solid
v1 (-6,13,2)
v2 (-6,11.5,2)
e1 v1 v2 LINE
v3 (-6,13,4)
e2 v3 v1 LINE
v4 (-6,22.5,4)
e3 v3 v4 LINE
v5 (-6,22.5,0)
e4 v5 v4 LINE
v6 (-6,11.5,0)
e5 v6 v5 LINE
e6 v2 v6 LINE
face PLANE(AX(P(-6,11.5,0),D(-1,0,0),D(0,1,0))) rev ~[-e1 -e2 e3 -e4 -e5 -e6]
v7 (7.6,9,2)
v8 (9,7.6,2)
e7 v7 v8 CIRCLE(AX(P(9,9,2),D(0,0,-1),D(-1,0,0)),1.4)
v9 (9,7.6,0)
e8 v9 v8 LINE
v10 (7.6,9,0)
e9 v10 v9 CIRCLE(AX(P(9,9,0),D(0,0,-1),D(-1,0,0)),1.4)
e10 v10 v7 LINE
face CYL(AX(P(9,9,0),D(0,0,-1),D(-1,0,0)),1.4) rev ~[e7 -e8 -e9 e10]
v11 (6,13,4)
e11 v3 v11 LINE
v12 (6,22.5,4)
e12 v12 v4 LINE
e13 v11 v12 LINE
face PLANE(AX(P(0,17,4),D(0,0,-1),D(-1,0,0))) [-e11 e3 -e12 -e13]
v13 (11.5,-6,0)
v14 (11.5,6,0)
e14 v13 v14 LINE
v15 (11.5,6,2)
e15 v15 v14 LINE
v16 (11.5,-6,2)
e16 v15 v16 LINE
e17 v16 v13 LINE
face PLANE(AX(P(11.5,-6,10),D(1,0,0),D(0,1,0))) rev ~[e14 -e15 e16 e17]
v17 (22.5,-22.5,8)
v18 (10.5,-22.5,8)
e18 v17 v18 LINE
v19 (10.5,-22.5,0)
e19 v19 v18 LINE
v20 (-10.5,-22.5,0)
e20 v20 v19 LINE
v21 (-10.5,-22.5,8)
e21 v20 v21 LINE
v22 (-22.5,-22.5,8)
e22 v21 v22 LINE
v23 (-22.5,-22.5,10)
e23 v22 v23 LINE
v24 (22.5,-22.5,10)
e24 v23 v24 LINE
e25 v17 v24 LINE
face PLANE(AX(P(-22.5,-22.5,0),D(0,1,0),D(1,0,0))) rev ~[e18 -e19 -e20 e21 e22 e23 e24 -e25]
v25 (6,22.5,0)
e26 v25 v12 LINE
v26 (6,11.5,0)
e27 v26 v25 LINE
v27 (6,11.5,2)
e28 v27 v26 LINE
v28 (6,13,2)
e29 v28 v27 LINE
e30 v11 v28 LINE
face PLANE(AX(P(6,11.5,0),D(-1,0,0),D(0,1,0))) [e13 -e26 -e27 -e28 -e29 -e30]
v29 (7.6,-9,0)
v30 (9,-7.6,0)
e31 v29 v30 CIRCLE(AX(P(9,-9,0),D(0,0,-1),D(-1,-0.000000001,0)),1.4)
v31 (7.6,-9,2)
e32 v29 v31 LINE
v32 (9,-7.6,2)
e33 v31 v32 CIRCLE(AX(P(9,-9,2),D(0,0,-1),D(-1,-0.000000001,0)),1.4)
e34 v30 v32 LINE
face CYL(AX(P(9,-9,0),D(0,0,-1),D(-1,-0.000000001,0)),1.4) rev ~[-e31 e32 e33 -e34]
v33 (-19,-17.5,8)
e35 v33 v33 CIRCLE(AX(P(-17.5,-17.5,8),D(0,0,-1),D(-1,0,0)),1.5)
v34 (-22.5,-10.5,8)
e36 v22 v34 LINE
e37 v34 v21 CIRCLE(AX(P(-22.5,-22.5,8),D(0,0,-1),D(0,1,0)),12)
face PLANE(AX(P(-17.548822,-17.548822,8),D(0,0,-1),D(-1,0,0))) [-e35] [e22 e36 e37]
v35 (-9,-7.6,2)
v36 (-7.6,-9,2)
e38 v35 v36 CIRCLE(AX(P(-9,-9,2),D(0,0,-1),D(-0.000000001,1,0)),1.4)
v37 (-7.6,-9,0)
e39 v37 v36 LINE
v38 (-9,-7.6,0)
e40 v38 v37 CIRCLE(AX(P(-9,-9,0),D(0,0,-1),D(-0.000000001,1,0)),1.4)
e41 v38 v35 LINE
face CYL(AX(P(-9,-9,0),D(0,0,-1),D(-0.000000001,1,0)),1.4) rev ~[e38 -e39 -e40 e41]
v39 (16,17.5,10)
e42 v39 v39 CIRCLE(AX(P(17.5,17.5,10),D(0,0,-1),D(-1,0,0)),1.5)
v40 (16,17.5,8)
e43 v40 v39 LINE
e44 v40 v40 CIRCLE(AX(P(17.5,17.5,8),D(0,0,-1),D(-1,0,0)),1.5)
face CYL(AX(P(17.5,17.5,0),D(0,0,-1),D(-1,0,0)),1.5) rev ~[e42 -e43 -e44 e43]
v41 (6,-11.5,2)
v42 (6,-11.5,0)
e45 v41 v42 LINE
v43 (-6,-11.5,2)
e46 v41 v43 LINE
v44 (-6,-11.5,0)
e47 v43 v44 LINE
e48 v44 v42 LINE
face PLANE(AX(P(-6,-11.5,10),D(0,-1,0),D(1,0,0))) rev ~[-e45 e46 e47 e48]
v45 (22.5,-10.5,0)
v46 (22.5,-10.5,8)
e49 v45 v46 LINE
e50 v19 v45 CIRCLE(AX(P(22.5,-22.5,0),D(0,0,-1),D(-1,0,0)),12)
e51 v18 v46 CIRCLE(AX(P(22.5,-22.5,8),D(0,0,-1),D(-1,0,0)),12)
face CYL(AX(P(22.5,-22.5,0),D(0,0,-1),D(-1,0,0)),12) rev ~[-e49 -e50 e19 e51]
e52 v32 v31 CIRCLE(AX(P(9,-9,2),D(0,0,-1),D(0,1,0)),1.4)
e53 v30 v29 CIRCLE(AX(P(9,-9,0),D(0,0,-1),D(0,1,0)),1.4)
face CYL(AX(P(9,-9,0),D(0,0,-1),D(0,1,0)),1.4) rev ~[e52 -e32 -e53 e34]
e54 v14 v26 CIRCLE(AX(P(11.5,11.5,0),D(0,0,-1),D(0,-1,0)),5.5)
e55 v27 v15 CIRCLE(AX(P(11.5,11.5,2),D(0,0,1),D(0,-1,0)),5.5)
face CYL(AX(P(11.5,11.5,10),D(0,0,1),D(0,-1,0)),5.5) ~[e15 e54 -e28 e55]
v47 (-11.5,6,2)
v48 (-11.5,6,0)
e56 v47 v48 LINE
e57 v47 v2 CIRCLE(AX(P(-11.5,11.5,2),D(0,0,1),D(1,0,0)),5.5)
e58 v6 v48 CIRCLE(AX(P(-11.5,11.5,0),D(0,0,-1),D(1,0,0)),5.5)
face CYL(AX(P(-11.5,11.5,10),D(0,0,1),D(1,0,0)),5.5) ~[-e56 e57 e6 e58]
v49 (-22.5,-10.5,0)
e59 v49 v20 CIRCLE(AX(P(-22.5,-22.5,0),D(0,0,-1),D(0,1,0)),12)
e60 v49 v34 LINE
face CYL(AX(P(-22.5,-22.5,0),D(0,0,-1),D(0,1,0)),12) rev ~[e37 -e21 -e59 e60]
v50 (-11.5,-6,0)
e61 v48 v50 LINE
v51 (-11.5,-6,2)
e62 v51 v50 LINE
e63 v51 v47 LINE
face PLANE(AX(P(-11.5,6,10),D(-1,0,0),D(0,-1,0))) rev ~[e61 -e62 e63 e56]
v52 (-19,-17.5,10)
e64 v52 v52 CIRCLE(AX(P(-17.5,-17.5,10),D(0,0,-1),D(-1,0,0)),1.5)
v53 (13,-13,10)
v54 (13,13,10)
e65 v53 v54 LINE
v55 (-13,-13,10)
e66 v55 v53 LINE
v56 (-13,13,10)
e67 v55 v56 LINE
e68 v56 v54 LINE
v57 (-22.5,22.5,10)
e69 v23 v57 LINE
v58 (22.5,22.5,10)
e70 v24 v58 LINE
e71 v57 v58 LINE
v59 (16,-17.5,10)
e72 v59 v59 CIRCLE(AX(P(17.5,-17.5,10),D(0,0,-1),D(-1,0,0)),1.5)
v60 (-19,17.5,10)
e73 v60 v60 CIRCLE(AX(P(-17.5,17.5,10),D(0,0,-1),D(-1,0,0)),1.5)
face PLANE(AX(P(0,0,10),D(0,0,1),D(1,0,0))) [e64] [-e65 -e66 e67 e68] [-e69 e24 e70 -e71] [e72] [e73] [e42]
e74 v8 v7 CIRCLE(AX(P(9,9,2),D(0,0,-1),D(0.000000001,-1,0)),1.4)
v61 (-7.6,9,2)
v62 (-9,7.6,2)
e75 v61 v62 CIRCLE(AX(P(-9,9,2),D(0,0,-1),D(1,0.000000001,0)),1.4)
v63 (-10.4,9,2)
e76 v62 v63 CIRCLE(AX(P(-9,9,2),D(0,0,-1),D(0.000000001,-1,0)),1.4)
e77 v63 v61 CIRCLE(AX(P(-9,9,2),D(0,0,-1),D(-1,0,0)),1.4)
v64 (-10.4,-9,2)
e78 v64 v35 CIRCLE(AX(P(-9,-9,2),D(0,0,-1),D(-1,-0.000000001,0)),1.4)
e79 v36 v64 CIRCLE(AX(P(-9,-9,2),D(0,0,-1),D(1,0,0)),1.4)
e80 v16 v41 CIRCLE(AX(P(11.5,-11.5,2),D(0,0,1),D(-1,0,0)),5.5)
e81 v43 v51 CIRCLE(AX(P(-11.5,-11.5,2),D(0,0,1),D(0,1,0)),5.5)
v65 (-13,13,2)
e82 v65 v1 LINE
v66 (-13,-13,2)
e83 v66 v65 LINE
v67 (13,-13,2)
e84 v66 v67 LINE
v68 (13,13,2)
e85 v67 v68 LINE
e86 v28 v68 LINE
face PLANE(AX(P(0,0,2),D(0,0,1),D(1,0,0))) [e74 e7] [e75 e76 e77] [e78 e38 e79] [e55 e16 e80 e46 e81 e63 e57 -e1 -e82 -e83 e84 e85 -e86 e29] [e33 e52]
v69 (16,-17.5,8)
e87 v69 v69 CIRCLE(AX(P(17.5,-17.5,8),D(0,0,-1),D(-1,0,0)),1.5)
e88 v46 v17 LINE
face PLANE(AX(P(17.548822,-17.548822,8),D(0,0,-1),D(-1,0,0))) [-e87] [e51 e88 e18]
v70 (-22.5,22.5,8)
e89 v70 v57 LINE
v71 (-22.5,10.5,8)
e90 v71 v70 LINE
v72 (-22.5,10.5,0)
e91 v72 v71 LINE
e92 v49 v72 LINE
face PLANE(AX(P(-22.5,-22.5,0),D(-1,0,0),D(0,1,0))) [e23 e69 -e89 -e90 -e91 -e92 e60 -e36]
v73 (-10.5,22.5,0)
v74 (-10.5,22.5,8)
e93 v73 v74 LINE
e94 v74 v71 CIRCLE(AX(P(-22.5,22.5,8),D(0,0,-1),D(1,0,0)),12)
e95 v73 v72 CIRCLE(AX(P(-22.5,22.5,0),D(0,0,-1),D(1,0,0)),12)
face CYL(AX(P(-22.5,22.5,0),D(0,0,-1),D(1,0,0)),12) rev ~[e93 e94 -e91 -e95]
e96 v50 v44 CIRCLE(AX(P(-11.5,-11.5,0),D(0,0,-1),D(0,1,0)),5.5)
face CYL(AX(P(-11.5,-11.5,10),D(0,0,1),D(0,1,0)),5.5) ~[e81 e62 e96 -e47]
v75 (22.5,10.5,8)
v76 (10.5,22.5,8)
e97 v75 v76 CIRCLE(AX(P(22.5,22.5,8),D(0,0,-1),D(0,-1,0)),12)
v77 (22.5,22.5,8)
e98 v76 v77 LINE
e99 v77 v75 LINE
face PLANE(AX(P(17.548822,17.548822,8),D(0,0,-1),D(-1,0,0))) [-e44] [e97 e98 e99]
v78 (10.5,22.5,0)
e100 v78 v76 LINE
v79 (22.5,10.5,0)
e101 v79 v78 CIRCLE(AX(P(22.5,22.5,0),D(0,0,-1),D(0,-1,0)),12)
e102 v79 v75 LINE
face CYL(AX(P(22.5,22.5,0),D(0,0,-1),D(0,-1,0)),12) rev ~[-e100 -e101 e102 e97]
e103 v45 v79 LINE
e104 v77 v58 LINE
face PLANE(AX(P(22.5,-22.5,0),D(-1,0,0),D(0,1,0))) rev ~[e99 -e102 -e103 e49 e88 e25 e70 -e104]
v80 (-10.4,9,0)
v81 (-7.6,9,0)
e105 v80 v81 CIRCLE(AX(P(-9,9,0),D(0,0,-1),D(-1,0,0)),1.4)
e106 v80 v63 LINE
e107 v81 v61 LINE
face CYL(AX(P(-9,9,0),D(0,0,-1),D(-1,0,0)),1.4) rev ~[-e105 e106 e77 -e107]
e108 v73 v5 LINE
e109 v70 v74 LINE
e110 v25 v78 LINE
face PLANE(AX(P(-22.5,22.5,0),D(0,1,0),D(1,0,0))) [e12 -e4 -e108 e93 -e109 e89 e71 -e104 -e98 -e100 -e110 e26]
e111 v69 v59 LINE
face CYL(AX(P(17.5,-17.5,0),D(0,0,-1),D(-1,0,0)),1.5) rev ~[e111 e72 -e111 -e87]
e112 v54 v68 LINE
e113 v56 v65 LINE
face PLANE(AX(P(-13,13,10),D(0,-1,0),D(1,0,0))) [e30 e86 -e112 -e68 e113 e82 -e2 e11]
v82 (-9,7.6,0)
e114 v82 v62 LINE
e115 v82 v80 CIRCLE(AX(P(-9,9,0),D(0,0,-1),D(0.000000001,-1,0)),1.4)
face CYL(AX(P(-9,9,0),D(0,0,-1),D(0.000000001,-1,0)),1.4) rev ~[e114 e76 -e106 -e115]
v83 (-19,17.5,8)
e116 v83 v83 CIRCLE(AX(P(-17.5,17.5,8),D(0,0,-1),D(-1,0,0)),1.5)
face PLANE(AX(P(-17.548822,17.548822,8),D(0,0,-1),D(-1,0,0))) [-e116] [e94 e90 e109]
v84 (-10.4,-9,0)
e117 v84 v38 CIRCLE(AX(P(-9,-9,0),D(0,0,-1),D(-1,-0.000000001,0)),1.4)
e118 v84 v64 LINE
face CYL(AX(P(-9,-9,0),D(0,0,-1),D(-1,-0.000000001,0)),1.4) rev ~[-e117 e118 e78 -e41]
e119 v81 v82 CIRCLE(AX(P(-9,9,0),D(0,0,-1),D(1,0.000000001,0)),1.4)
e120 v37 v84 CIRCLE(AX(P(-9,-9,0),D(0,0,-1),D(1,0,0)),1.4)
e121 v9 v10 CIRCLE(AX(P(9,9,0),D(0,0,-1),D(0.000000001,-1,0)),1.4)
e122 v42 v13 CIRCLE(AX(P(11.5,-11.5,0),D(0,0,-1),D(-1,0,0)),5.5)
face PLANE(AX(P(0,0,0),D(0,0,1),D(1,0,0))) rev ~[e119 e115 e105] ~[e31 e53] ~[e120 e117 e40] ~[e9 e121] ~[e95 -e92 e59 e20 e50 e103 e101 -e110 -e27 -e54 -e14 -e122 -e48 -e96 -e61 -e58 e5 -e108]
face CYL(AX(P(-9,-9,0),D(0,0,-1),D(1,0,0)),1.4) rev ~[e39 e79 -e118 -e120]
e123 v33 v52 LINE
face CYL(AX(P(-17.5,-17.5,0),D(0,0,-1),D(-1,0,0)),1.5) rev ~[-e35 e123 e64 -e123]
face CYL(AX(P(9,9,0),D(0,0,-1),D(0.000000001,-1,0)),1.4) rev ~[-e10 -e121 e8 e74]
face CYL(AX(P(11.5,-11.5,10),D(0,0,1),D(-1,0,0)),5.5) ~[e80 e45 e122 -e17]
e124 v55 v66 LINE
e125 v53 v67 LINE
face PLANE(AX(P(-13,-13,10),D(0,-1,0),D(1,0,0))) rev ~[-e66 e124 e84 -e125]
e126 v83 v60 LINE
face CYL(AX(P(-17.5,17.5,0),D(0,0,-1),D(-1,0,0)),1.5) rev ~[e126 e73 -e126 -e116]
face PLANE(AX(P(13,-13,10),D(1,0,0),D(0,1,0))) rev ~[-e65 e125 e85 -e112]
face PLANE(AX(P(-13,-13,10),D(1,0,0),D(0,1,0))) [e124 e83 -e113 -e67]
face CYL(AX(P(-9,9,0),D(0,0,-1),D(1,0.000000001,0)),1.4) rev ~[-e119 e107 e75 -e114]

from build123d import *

# Parameters (mm, degrees)
CROQUIS1_W              = 45
CROQUIS1_H              = 45
SALIENTE_EXTRUIR1_DEPTH = 10
CORTAR_EXTRUIR1_DEPTH   = 10
CROQUIS3_W              = 26
CROQUIS3_H              = 26
CORTAR_EXTRUIR5_DEPTH   = 8
CROQUIS4_W              = 12
CROQUIS4_H              = 11
CORTAR_EXTRUIR6_DEPTH   = 4
CORTAR_EXTRUIR7_DEPTH   = 4
CROQUIS6_R              = 1.5
CORTAR_EXTRUIR8_DEPTH   = 24
CROQUIS7_R              = 1.5
CORTAR_EXTRUIR9_DEPTH   = 8


with BuildPart() as part:
    # Croquis1 → Saliente-Extruir1 (new body)
    with BuildSketch(Plane.XY):
        Rectangle(CROQUIS1_W, CROQUIS1_H)
    extrude(amount=SALIENTE_EXTRUIR1_DEPTH)

    # Croquis2 → Cortar-Extruir1 (cut)
    with BuildSketch(Plane.XY.offset(10)):
        with BuildLine():
            ThreePointArc((-11.5, -6), (-7.610912703, -7.610912703), (-6, -11.5))
            Line((-6, -11.5), (6, -11.5))
            ThreePointArc((6, -11.5), (7.610912703, -7.610912703), (11.5, -6))
            Line((11.5, -6), (11.5, 6))
            ThreePointArc((11.5, 6), (7.610912703, 7.610912703), (6, 11.5))
            Line((6, 11.5), (-6, 11.5))
            ThreePointArc((-6, 11.5), (-7.610912703, 7.610912703), (-11.5, 6))
            Line((-11.5, 6), (-11.5, -6))
        make_face()
    extrude(amount=-CORTAR_EXTRUIR1_DEPTH, mode=Mode.SUBTRACT)

    # Croquis3 → Cortar-Extruir5 (cut)
    with BuildSketch(Plane.XY.offset(10)):
        Rectangle(CROQUIS3_W, CROQUIS3_H)
    extrude(amount=-CORTAR_EXTRUIR5_DEPTH, mode=Mode.SUBTRACT)

    # Croquis4 → Cortar-Extruir6 (cut)
    with BuildSketch(Plane(origin=(0, 0, 0), x_dir=(-1, 0, 0), z_dir=(0, 0, -1))):
        with Locations((0, 17)):
            Rectangle(CROQUIS4_W, CROQUIS4_H)
    extrude(amount=-CORTAR_EXTRUIR6_DEPTH, mode=Mode.SUBTRACT)

    # Croquis5 → Cortar-Extruir7 (cut)
    with BuildSketch(Plane(origin=(0, 0, 0), x_dir=(-1, 0, 0), z_dir=(0, 0, -1))):
        with BuildLine():
            ThreePointArc((-7.6, 9), (-9.989949494, 9.989949494), (-9, 7.6))
            Line((-9, 7.6), (-9, 9))
            Line((-9, 9), (-7.6, 9))
        make_face()
        with BuildLine():
            Line((-9, 9), (-9, 7.6))
            ThreePointArc((-9, 7.6), (-8.010050506, 8.010050506), (-7.6, 9))
            Line((-7.6, 9), (-9, 9))
        make_face()
        with BuildLine():
            ThreePointArc((7.6, 9), (8.010050506, 8.010050506), (9, 7.6))
            Line((9, 7.6), (9, 9))
            Line((9, 9), (7.6, 9))
        make_face()
        with BuildLine():
            Line((9, 9), (9, 7.6))
            ThreePointArc((9, 7.6), (9.989949494, 8.010050506), (10.4, 9))
            ThreePointArc((10.4, 9), (9, 10.4), (7.6, 9))
            Line((7.6, 9), (9, 9))
        make_face()
        with BuildLine():
            ThreePointArc((9, -7.6), (8.010050506, -8.010050506), (7.6, -9))
            Line((7.6, -9), (9, -9))
            Line((9, -9), (9, -7.6))
        make_face()
        with BuildLine():
            Line((9, -9), (7.6, -9))
            ThreePointArc((7.6, -9), (9, -10.4), (10.4, -9))
            ThreePointArc((10.4, -9), (9.989949494, -8.010050506), (9, -7.6))
            Line((9, -7.6), (9, -9))
        make_face()
        with BuildLine():
            Line((-9, -7.6), (-9, -9))
            Line((-9, -9), (-7.6, -9))
            ThreePointArc((-7.6, -9), (-8.010050506, -8.010050506), (-9, -7.6))
        make_face()
        with BuildLine():
            Line((-7.6, -9), (-9, -9))
            Line((-9, -9), (-9, -7.6))
            ThreePointArc((-9, -7.6), (-9.989949494, -9.989949494), (-7.6, -9))
        make_face()
    extrude(amount=-CORTAR_EXTRUIR7_DEPTH, mode=Mode.SUBTRACT)

    # Croquis6 → Cortar-Extruir8 (cut)
    with BuildSketch(Plane(origin=(0, 0, 0), x_dir=(-1, 0, 0), z_dir=(0, 0, -1))):
        with Locations((-17.5, 17.5)):
            Circle(CROQUIS6_R)
        with Locations((-17.5, -17.5)):
            Circle(CROQUIS6_R)
        with Locations((17.5, -17.5)):
            Circle(CROQUIS6_R)
        with Locations((17.5, 17.5)):
            Circle(CROQUIS6_R)
    extrude(amount=-CORTAR_EXTRUIR8_DEPTH, mode=Mode.SUBTRACT)

    # Croquis7 → Cortar-Extruir9 (cut)
    # profile 1 of 4: a face of its own
    with BuildSketch(Plane(origin=(0, 0, 0), x_dir=(-1, 0, 0), z_dir=(0, 0, -1))):
        with BuildLine():
            Line((-22.5, 22.5), (-22.5, 10.5))
            ThreePointArc((-22.5, 10.5), (-14.014718626, 14.014718626), (-10.5, 22.5))
            Line((-10.5, 22.5), (-22.5, 22.5))
        make_face()
        with Locations((-17.5, 17.5)):
            Circle(CROQUIS7_R, mode=Mode.SUBTRACT)
    # profile 2 of 4: a face of its own
    with BuildSketch(Plane(origin=(0, 0, 0), x_dir=(-1, 0, 0), z_dir=(0, 0, -1))):
        with BuildLine():
            ThreePointArc((10.5, 22.5), (14.014718626, 14.014718626), (22.5, 10.5))
            Line((22.5, 10.5), (22.5, 22.5))
            Line((22.5, 22.5), (10.5, 22.5))
        make_face()
        with Locations((17.5, 17.5)):
            Circle(CROQUIS7_R, mode=Mode.SUBTRACT)
    # profile 3 of 4: a face of its own
    with BuildSketch(Plane(origin=(0, 0, 0), x_dir=(-1, 0, 0), z_dir=(0, 0, -1))):
        with BuildLine():
            Line((10.5, -22.5), (22.5, -22.5))
            Line((22.5, -22.5), (22.5, -10.5))
            ThreePointArc((22.5, -10.5), (14.014718626, -14.014718626), (10.5, -22.5))
        make_face()
        with Locations((17.5, -17.5)):
            Circle(CROQUIS7_R, mode=Mode.SUBTRACT)
    # profile 4 of 4: a face of its own
    with BuildSketch(Plane(origin=(0, 0, 0), x_dir=(-1, 0, 0), z_dir=(0, 0, -1))):
        with BuildLine():
            Line((-22.5, -22.5), (-10.5, -22.5))
            ThreePointArc((-10.5, -22.5), (-14.014718626, -14.014718626), (-22.5, -10.5))
            Line((-22.5, -10.5), (-22.5, -22.5))
        make_face()
        with Locations((-17.5, -17.5)):
            Circle(CROQUIS7_R, mode=Mode.SUBTRACT)
    extrude(amount=-CORTAR_EXTRUIR9_DEPTH, mode=Mode.SUBTRACT)


solid = part.part
